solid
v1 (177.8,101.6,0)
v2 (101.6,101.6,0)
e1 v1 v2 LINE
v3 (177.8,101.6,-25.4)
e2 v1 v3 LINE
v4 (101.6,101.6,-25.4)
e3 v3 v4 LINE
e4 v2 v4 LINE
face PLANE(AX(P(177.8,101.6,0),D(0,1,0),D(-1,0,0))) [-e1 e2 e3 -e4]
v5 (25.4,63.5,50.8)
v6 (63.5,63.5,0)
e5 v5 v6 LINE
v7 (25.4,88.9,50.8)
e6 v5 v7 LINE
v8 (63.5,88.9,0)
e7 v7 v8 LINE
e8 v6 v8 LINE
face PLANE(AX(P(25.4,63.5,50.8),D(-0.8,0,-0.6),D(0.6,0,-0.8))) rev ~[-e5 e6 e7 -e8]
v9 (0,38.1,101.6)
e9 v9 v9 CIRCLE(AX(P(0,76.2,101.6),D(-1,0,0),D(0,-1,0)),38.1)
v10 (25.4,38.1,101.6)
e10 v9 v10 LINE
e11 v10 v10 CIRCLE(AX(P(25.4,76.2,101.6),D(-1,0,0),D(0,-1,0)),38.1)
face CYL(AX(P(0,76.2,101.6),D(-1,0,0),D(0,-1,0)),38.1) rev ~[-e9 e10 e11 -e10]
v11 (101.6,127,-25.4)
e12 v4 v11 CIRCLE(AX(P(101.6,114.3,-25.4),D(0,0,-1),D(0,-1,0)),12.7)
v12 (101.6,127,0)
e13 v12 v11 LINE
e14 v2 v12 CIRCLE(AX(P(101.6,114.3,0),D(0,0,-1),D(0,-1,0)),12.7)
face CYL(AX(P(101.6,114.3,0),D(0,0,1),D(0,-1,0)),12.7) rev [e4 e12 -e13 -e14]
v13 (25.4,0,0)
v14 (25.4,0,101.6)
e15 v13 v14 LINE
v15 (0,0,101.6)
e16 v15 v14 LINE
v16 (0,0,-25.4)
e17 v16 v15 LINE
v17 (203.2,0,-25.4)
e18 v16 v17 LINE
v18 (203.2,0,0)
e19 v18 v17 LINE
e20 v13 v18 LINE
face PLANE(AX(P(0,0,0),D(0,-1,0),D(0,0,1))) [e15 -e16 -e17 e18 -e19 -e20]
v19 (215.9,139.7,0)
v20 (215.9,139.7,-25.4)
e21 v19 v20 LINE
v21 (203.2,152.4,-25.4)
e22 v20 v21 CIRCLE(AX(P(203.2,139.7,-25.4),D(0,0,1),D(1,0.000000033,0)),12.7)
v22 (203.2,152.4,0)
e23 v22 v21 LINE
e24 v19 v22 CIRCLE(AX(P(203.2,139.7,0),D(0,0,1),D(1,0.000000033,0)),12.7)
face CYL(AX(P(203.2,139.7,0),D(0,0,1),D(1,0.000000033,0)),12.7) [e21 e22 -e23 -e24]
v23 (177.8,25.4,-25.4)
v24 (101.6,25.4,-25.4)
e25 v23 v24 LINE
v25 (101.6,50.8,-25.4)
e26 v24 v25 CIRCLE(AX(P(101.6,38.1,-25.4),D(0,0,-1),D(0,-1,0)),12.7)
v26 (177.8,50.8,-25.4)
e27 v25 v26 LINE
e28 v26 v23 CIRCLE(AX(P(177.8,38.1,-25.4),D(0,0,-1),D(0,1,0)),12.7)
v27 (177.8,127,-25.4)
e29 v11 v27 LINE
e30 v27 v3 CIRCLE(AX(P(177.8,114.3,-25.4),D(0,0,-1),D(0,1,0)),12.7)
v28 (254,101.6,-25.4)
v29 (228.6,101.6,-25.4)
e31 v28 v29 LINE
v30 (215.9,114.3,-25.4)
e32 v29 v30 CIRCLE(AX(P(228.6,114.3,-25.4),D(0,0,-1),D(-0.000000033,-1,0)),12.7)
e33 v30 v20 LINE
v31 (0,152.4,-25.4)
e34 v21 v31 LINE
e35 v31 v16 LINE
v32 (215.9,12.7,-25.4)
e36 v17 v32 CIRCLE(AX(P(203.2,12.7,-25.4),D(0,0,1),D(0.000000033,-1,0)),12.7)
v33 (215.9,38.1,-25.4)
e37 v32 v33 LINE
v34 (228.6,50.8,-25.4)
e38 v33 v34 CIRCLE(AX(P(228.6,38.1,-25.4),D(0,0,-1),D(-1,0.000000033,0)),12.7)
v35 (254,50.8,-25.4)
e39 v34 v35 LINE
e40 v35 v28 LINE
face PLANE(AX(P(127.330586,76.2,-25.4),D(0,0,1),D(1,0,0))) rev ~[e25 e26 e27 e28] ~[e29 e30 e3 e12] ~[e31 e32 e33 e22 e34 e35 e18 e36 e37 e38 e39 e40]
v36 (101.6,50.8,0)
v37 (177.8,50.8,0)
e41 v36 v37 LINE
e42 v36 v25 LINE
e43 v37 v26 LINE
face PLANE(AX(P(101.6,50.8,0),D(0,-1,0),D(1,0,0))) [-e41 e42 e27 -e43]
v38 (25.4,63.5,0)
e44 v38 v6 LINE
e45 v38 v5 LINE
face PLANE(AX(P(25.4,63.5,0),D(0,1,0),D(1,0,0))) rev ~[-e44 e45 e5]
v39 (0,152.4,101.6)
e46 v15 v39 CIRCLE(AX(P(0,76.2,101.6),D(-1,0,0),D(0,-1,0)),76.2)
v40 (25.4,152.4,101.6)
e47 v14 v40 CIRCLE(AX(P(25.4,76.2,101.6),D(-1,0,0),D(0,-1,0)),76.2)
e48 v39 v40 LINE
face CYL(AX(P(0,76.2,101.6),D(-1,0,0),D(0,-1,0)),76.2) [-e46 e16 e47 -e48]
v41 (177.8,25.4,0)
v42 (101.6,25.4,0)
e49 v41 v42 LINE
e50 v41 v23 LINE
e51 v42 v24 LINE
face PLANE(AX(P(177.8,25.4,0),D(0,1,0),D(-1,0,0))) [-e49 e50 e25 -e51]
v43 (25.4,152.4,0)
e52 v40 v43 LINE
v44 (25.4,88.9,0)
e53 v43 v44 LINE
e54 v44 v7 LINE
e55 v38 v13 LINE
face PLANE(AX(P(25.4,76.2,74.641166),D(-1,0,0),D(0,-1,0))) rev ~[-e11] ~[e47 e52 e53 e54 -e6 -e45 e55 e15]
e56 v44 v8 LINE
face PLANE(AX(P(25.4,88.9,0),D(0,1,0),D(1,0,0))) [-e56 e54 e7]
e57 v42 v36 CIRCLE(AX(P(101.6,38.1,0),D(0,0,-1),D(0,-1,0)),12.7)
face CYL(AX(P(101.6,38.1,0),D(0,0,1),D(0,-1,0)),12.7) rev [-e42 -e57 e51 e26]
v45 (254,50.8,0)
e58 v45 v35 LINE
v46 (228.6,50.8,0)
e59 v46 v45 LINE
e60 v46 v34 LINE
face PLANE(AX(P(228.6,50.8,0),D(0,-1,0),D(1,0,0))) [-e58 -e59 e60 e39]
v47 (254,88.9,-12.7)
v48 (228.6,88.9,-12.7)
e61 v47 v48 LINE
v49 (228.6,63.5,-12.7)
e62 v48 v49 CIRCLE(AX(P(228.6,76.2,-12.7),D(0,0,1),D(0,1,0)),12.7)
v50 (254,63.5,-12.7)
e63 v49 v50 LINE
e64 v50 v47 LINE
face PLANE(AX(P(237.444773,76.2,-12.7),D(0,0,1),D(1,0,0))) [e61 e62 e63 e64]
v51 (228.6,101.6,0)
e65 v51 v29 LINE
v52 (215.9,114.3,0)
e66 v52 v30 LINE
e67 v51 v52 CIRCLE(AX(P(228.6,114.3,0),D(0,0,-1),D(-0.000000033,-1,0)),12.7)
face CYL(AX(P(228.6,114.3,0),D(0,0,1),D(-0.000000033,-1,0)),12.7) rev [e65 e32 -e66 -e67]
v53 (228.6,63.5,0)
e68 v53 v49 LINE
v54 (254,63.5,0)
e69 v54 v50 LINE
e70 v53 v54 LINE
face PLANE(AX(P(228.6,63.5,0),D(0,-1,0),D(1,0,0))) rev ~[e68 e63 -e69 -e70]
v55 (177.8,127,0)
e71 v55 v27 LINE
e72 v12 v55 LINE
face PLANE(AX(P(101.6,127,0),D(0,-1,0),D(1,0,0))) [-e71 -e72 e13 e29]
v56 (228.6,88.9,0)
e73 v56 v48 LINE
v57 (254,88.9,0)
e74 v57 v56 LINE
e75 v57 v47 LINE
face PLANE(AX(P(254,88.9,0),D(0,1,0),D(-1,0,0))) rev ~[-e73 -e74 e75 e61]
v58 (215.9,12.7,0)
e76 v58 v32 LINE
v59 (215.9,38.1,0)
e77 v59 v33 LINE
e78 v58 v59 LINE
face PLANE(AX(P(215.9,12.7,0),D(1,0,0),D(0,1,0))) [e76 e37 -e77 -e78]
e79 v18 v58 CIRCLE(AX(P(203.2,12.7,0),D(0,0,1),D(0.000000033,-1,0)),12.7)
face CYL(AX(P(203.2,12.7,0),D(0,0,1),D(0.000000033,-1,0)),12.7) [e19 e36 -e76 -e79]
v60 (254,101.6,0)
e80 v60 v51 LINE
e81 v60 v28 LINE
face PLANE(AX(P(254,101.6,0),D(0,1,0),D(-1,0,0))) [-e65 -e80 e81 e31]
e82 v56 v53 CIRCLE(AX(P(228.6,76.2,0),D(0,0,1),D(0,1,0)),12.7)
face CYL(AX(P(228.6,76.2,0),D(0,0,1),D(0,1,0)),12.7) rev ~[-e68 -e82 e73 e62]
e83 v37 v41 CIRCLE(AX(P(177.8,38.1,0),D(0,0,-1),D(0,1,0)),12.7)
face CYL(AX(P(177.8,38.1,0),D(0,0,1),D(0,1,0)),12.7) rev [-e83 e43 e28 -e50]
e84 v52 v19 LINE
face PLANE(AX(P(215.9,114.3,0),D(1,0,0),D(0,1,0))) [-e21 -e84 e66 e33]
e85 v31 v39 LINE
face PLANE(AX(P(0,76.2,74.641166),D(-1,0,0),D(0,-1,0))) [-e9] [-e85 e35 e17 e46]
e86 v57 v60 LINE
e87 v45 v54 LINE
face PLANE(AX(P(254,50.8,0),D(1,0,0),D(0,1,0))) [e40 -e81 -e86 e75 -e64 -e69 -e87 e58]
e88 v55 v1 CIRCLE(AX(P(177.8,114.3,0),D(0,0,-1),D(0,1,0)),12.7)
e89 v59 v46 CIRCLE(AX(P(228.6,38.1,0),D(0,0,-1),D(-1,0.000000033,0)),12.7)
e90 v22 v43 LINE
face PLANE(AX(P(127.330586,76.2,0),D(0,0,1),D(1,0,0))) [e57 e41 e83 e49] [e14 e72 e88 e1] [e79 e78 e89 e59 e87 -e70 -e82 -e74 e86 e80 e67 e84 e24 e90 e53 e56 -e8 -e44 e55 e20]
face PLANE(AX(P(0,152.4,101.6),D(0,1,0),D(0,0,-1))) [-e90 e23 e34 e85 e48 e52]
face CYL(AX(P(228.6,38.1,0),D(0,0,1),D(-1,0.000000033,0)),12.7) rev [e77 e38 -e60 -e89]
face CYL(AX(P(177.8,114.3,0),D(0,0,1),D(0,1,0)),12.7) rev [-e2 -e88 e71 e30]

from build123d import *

# Parameters (mm, degrees)
F0_W     = 38.1
F0_H     = 25.4
F1_DEPTH = 25.4
F2_R     = 38.1
F3_DEPTH = 25.4
F4_DEPTH = 12.7
F5_DEPTH = 50.8
F7_DEPTH = 25.4


with BuildPart() as f1:
    # F0 (on Top) → F1 (new body)
    with BuildSketch(Plane.XY):
        with BuildLine():
            Line((0, 152.4), (0, 0))
            Line((0, 0), (203.2, 0))
            ThreePointArc((203.2, 0), (212.180256, 3.719744), (215.9, 12.7))
            Line((215.9, 12.7), (215.9, 38.1))
            ThreePointArc((215.9, 38.1), (219.619744, 47.080256), (228.6, 50.8))
            Line((228.6, 50.8), (254, 50.8))
            Line((254, 50.8), (254, 63.5))
            Line((254, 63.5), (228.6, 63.5))
            ThreePointArc((228.6, 63.5), (215.9, 76.2), (228.6, 88.9))
            Line((228.6, 88.9), (254, 88.9))
            Line((254, 88.9), (254, 101.6))
            Line((254, 101.6), (228.6, 101.6))
            ThreePointArc((228.6, 101.6), (219.619744, 105.319744), (215.9, 114.3))
            Line((215.9, 114.3), (215.9, 139.7))
            ThreePointArc((215.9, 139.7), (212.180256, 148.680256), (203.2, 152.4))
            Line((203.2, 152.4), (0, 152.4))
        make_face()
        with BuildLine():
            ThreePointArc((177.8, 50.8), (190.5, 38.1), (177.8, 25.4))
            Line((177.8, 25.4), (101.6, 25.4))
            ThreePointArc((101.6, 25.4), (88.9, 38.1), (101.6, 50.8))
            Line((101.6, 50.8), (177.8, 50.8))
        make_face(mode=Mode.SUBTRACT)
        with Locations((44.45, 76.2)):
            Rectangle(F0_W, F0_H, mode=Mode.SUBTRACT)
        with BuildLine():
            ThreePointArc((177.8, 127), (190.5, 114.3), (177.8, 101.6))
            Line((177.8, 101.6), (101.6, 101.6))
            ThreePointArc((101.6, 101.6), (88.9, 114.3), (101.6, 127))
            Line((101.6, 127), (177.8, 127))
        make_face(mode=Mode.SUBTRACT)
        with BuildLine():
            Line((228.6, 63.5), (254, 63.5))
            Line((254, 63.5), (254, 88.9))
            Line((254, 88.9), (228.6, 88.9))
            ThreePointArc((228.6, 88.9), (215.9, 76.2), (228.6, 63.5))
        make_face()
        with Locations((44.45, 76.2)):
            Rectangle(F0_W, F0_H)
    extrude(amount=-F1_DEPTH)

    # F2 (on face) → F3 (join)
    with BuildSketch(Plane(origin=(0, 0, 0), x_dir=(0, -1, 0), z_dir=(-1, 0, 0))):
        with BuildLine():
            Line((-152.4, 101.6), (-152.4, 0))
            Line((-152.4, 0), (0, 0))
            Line((0, 0), (0, 101.6))
            ThreePointArc((0, 101.6), (-76.2, 177.8), (-152.4, 101.6))
        make_face()
        with Locations((-76.2, 101.6)):
            Circle(F2_R, mode=Mode.SUBTRACT)
    extrude(amount=-F3_DEPTH)

    # F0 (on Top) → F4 (cut)
    with BuildSketch(Plane.XY):
        with BuildLine():
            Line((228.6, 63.5), (254, 63.5))
            Line((254, 63.5), (254, 88.9))
            Line((254, 88.9), (228.6, 88.9))
            ThreePointArc((228.6, 88.9), (215.9, 76.2), (228.6, 63.5))
        make_face()
    extrude(amount=-F4_DEPTH, mode=Mode.SUBTRACT)

    # F0 (on Top) → F5 (join)
    with BuildSketch(Plane.XY):
        with Locations((44.45, 76.2)):
            Rectangle(F0_W, F0_H)
    extrude(amount=F5_DEPTH)

    # F6 (on face) → F7 (cut)
    with BuildSketch(Plane.XZ.offset(-63.5)):
        Polygon((25.4, 50.8), (63.5, 0), (63.5, 50.8), align=None)
    extrude(amount=-F7_DEPTH, mode=Mode.SUBTRACT)


solid = f1.part
